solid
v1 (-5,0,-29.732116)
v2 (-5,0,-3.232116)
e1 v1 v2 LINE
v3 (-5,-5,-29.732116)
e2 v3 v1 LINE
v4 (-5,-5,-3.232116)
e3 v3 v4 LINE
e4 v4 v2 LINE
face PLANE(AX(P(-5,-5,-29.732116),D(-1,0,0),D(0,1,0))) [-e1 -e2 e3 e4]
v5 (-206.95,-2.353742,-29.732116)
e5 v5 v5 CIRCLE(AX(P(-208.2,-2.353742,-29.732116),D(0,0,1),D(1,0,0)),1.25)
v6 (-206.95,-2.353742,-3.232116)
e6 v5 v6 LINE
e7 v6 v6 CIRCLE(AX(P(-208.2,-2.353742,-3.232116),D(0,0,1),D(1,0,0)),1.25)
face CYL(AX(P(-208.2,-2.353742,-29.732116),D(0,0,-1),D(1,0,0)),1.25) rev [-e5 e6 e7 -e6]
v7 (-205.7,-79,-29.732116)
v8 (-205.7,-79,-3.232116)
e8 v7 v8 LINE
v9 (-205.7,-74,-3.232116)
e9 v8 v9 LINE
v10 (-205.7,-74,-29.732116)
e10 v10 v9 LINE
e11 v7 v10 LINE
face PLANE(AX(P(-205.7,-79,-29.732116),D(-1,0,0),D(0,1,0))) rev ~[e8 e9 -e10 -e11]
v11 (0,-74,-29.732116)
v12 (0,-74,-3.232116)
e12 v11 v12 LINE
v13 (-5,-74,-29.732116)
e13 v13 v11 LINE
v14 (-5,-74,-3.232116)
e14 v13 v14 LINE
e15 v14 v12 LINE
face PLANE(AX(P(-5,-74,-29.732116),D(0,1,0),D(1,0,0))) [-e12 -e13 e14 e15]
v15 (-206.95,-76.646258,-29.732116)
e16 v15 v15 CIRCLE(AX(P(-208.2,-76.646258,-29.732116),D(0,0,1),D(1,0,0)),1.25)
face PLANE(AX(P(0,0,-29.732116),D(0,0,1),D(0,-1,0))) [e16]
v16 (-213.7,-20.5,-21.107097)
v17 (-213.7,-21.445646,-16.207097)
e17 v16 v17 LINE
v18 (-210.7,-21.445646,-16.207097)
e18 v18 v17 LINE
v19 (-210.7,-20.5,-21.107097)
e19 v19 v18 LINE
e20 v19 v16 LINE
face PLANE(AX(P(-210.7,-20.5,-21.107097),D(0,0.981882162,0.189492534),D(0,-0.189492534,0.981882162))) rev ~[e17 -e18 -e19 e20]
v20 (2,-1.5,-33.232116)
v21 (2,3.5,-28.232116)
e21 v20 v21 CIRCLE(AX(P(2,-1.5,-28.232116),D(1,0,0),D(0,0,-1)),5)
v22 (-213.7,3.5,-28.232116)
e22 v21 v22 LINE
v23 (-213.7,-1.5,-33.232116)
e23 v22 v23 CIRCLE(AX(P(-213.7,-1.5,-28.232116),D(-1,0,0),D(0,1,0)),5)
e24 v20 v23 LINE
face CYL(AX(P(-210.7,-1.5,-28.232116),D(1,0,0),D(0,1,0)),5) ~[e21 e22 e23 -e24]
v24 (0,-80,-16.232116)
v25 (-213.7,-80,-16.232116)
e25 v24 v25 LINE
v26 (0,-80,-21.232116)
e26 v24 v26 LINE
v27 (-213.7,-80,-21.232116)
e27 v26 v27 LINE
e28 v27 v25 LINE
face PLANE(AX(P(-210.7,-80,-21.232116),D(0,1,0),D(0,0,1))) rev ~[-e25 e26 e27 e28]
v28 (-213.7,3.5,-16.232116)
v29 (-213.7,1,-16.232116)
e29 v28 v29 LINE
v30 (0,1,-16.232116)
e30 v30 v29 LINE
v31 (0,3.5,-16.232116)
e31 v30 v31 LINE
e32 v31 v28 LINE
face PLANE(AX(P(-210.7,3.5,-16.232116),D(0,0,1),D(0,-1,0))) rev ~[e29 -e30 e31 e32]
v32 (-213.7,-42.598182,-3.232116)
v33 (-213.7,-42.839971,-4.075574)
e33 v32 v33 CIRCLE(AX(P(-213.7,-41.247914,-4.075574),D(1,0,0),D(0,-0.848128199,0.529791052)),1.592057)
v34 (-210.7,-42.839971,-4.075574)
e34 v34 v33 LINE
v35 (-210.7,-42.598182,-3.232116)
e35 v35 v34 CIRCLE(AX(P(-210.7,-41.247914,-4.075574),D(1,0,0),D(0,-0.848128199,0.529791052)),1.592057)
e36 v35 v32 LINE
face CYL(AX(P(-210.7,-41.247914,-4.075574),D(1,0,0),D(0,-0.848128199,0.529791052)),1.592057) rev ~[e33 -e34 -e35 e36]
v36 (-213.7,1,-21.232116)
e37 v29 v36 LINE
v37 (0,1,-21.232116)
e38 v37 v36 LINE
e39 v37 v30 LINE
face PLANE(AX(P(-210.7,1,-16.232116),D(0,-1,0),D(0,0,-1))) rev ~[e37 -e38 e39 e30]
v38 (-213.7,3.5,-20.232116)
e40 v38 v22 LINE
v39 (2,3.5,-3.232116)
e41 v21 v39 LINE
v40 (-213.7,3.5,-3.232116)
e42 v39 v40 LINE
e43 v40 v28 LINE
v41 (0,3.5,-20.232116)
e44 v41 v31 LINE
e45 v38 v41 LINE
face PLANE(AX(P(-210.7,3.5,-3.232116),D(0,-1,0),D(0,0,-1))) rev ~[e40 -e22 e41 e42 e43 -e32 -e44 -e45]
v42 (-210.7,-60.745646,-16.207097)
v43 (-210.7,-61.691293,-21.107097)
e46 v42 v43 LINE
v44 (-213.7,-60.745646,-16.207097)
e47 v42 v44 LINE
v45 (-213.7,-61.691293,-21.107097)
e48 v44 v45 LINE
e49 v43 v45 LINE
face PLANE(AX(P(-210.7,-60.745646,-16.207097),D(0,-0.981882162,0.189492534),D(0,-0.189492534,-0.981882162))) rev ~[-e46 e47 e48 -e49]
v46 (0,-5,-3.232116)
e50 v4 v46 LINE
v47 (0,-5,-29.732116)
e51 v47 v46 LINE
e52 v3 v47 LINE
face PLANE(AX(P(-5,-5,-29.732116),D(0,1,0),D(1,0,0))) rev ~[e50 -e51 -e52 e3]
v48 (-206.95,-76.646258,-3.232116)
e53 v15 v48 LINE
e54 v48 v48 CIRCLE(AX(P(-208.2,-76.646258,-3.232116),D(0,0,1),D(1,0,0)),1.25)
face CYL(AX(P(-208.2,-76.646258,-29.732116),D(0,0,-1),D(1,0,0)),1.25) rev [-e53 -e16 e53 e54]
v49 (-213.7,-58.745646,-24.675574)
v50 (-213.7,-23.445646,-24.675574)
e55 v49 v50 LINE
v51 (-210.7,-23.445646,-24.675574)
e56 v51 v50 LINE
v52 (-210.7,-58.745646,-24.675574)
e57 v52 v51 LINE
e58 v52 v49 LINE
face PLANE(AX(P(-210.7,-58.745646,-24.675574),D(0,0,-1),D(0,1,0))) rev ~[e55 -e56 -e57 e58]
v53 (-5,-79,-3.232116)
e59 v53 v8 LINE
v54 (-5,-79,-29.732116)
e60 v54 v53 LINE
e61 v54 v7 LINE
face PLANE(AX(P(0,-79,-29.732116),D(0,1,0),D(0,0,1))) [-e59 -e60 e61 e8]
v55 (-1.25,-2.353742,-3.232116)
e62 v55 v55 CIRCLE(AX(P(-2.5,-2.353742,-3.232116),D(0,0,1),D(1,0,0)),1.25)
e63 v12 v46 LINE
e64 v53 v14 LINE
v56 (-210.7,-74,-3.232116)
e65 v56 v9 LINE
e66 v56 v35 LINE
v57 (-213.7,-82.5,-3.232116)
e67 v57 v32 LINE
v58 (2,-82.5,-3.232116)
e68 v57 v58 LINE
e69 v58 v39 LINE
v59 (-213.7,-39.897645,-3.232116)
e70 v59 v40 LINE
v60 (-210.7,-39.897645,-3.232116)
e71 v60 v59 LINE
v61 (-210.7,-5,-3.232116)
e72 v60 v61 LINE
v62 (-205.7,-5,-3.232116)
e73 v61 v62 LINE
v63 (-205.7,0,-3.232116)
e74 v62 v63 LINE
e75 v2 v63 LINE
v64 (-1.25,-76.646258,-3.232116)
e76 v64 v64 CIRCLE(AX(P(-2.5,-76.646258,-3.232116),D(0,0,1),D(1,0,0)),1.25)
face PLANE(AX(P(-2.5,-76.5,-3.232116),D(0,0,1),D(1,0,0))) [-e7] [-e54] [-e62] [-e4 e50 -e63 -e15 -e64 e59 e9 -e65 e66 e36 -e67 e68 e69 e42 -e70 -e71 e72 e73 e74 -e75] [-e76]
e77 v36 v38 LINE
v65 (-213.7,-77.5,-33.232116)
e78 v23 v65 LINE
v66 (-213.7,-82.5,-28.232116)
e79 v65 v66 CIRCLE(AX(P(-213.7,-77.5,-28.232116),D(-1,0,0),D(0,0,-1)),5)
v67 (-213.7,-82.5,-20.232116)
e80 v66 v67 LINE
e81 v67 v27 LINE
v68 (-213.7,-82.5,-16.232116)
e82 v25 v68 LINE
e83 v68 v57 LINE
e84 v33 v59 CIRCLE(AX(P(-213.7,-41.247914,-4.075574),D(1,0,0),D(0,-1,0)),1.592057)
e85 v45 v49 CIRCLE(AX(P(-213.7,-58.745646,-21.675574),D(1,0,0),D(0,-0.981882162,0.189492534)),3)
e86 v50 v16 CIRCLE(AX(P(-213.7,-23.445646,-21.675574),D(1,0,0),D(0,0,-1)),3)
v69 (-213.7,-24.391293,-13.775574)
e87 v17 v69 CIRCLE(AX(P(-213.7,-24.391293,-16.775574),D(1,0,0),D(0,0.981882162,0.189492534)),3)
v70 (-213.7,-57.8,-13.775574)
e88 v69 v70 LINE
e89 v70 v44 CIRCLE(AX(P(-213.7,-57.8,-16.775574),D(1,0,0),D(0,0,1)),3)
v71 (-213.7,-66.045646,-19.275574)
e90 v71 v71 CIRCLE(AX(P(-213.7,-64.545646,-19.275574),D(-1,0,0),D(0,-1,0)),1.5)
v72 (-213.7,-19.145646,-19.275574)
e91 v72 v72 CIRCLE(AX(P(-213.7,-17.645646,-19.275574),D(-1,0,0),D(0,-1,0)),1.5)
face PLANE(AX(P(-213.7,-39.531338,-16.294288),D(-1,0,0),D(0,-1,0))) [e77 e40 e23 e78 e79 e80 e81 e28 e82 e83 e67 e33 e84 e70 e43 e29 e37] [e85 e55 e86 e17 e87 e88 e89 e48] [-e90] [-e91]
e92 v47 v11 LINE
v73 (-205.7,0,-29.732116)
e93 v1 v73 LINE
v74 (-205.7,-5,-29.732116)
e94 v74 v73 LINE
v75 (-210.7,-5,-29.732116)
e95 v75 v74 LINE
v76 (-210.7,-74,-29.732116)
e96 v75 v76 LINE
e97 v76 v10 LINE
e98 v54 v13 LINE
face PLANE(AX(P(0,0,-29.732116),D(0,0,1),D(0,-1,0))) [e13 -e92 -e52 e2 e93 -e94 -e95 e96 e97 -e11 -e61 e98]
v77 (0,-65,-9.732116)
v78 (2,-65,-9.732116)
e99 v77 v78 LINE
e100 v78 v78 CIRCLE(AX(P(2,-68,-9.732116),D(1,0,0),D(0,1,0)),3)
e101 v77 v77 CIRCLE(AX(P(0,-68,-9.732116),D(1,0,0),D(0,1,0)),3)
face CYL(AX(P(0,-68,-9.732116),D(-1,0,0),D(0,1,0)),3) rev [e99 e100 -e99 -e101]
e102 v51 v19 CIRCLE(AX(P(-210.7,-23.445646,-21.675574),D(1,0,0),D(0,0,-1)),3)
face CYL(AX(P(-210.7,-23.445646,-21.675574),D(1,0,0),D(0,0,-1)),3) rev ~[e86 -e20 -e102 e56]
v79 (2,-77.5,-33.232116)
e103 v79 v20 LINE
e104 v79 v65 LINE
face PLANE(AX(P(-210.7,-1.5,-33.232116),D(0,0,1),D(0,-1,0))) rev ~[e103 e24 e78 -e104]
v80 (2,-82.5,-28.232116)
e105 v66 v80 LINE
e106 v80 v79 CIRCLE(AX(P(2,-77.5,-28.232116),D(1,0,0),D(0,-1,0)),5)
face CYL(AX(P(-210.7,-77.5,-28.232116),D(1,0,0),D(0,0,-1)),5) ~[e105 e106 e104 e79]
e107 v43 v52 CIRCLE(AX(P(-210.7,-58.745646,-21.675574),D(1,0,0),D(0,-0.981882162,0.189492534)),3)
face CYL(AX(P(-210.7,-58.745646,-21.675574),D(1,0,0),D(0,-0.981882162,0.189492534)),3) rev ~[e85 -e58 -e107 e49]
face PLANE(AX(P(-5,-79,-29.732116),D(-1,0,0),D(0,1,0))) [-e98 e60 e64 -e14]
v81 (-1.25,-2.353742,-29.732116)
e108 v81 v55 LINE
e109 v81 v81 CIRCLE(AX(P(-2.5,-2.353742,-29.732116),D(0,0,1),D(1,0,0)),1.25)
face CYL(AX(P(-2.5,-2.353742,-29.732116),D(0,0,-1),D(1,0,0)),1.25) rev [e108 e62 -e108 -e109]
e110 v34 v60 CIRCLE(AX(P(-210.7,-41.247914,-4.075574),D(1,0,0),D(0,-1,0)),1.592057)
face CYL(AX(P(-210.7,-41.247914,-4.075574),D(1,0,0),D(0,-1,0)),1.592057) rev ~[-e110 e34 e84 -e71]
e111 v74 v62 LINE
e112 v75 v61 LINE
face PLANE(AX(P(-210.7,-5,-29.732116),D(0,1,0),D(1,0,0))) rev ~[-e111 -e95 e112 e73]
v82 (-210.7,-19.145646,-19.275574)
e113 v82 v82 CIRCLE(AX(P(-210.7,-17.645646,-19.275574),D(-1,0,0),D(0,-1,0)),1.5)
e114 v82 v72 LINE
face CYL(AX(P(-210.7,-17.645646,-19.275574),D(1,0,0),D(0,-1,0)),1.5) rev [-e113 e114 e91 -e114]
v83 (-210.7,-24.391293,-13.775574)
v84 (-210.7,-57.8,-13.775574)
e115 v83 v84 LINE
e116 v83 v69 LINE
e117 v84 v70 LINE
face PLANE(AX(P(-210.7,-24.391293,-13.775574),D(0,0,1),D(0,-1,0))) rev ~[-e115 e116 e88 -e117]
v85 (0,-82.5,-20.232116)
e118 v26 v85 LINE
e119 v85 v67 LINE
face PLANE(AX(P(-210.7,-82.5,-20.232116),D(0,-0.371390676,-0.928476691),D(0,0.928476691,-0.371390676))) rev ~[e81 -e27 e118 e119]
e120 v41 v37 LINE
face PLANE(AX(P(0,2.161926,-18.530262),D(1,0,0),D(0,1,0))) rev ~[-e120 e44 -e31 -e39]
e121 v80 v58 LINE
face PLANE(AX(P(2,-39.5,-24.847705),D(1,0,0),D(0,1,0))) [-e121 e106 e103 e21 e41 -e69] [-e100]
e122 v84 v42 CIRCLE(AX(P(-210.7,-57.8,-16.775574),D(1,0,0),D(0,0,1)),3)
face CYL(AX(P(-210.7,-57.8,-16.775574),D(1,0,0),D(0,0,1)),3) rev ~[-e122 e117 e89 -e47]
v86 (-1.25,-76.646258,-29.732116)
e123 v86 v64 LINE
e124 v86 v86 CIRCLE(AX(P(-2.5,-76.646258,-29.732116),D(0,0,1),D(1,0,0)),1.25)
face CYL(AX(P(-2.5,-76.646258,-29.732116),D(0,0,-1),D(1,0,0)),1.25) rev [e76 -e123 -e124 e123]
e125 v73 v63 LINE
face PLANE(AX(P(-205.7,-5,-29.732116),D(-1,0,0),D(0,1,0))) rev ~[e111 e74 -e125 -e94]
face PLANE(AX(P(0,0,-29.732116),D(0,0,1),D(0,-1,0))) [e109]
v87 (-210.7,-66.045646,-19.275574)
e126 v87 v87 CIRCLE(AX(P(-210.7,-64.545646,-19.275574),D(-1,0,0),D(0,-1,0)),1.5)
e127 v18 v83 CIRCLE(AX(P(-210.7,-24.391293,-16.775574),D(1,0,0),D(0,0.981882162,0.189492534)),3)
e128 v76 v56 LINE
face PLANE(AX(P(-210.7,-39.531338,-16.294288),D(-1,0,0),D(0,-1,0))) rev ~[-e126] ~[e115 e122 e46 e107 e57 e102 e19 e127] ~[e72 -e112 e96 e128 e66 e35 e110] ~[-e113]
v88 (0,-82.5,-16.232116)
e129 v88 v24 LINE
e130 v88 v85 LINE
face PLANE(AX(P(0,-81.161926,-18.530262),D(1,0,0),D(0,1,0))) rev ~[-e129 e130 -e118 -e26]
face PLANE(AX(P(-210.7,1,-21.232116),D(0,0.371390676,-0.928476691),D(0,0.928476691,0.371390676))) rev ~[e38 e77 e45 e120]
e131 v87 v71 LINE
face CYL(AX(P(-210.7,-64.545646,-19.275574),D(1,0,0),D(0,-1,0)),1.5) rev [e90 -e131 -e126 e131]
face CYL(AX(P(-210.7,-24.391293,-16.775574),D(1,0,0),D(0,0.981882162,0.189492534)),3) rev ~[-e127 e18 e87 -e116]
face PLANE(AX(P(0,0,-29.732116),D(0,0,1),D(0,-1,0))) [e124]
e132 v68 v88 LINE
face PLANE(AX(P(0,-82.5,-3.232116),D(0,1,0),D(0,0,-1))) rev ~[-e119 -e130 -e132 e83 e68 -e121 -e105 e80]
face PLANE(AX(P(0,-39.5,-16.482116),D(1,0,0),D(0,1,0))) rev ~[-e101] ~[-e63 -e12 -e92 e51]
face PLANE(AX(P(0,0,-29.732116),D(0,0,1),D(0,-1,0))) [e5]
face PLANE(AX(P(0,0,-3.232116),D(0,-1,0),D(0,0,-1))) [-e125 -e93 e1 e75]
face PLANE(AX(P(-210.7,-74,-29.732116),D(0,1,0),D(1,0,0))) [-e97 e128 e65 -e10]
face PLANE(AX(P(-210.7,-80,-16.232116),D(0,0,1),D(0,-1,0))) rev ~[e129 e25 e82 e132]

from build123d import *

# Parameters (mm, degrees)
F1_DEPTH = 210.7
F0_W     = 79
F0_H     = 26.5
F0_R     = 3
F2_DEPTH = 2
F3_DEPTH = 2
F4_R     = 1.5
F5_DEPTH = 3
F6_W     = 5
F6_H     = 5
F6_R     = 1.25
F7_DEPTH = 26.5


with BuildPart() as f1:
    # F0 (on Right) → F1 (new body)
    with BuildSketch(Plane.YZ):
        with BuildLine():
            Line((-79, -29.7321164519), (-79, -3.2321164519))
            Line((-79, -3.2321164519), (-82.5, -3.2321164519))
            Line((-82.5, -3.2321164519), (-82.5, -16.2321164519))
            Line((-82.5, -16.2321164519), (-80, -16.2321164519))
            Line((-80, -16.2321164519), (-80, -21.2321164519))
            Line((-80, -21.2321164519), (-82.5, -20.2321164519))
            Line((-82.5, -20.2321164519), (-82.5, -28.2321164519))
            ThreePointArc((-82.5, -28.2321164519), (-81.0355339059, -31.7676503579), (-77.5, -33.2321164519))
            Line((-77.5, -33.2321164519), (-1.5, -33.2321164519))
            ThreePointArc((-1.5, -33.2321164519), (2.0355339059, -31.7676503579), (3.5, -28.2321164519))
            Line((3.5, -28.2321164519), (3.5, -20.2321164519))
            Line((3.5, -20.2321164519), (1, -21.2321164519))
            Line((1, -21.2321164519), (1, -16.2321164519))
            Line((1, -16.2321164519), (3.5, -16.2321164519))
            Line((3.5, -16.2321164519), (3.5, -3.2321164519))
            Line((3.5, -3.2321164519), (0, -3.2321164519))
            Line((0, -3.2321164519), (0, -29.7321164519))
            Line((0, -29.7321164519), (-79, -29.7321164519))
        make_face()
    extrude(amount=-F1_DEPTH)

    # F0 (on Right) → F2 (join)
    with BuildSketch(Plane.YZ):
        with Locations((-39.5, -16.4821164519)):
            Rectangle(F0_W, F0_H)
        with Locations((-68, -9.7321164519)):
            Circle(F0_R, mode=Mode.SUBTRACT)
        Polygon((-80, -16.2321164519), (-82.5, -16.2321164519), (-82.5, -20.2321164519), (-80, -21.2321164519), align=None)
        Polygon((3.5, -20.2321164519), (3.5, -16.2321164519), (1, -16.2321164519), (1, -21.2321164519), align=None)
    extrude(amount=F2_DEPTH)

    # F0 (on Right) → F3 (join, through all)
    with BuildSketch(Plane.YZ):
        with BuildLine():
            Line((-79, -29.7321164519), (-79, -3.2321164519))
            Line((-79, -3.2321164519), (-82.5, -3.2321164519))
            Line((-82.5, -3.2321164519), (-82.5, -16.2321164519))
            Line((-82.5, -16.2321164519), (-80, -16.2321164519))
            Line((-80, -16.2321164519), (-80, -21.2321164519))
            Line((-80, -21.2321164519), (-82.5, -20.2321164519))
            Line((-82.5, -20.2321164519), (-82.5, -28.2321164519))
            ThreePointArc((-82.5, -28.2321164519), (-81.0355339059, -31.7676503579), (-77.5, -33.2321164519))
            Line((-77.5, -33.2321164519), (-1.5, -33.2321164519))
            ThreePointArc((-1.5, -33.2321164519), (2.0355339059, -31.7676503579), (3.5, -28.2321164519))
            Line((3.5, -28.2321164519), (3.5, -20.2321164519))
            Line((3.5, -20.2321164519), (1, -21.2321164519))
            Line((1, -21.2321164519), (1, -16.2321164519))
            Line((1, -16.2321164519), (3.5, -16.2321164519))
            Line((3.5, -16.2321164519), (3.5, -3.2321164519))
            Line((3.5, -3.2321164519), (0, -3.2321164519))
            Line((0, -3.2321164519), (0, -29.7321164519))
            Line((0, -29.7321164519), (-79, -29.7321164519))
        make_face()
    extrude(amount=F3_DEPTH)

    # F4 (on face) → F5 (join)
    with BuildSketch(Plane(origin=(-210.7, 0, 0), x_dir=(0, -1, 0), z_dir=(-1, 0, 0))):
        with BuildLine():
            Line((39.8976451881, -3.2321164519), (0, -3.2321164519))
            Line((0, -3.2321164519), (0, -29.7321164519))
            Line((0, -29.7321164519), (79, -29.7321164519))
            Line((79, -29.7321164519), (79, -3.2321164519))
            Line((79, -3.2321164519), (42.5981824726, -3.2321164519))
            ThreePointArc((42.5981824726, -3.2321164519), (42.7783306428, -3.6368593662), (42.839971074, -4.0755741336))
            ThreePointArc((42.839971074, -4.0755741336), (40.809199063, -5.605990946), (39.8976451881, -3.2321164519))
        make_face()
        with Locations((17.6456464854, -19.2755741336)):
            Circle(F4_R, mode=Mode.SUBTRACT)
        with BuildLine():
            Line((20.5, -21.1070965323), (21.4456464854, -16.2070965323))
            ThreePointArc((21.4456464854, -16.2070965323), (22.4815067005, -14.4619803054), (24.3912929708, -13.7755741336))
            Line((24.3912929708, -13.7755741336), (57.8, -13.7755741336))
            ThreePointArc((57.8, -13.7755741336), (59.7097862703, -14.4619803054), (60.7456464854, -16.2070965323))
            Line((60.7456464854, -16.2070965323), (61.6912929708, -21.1070965323))
            ThreePointArc((61.6912929708, -21.1070965323), (61.0592403136, -23.5853604038), (58.7456464854, -24.6755741336))
            Line((58.7456464854, -24.6755741336), (23.4456464854, -24.6755741336))
            ThreePointArc((23.4456464854, -24.6755741336), (21.1320526572, -23.5853604038), (20.5, -21.1070965323))
        make_face(mode=Mode.SUBTRACT)
        with Locations((64.5456464854, -19.2755741336)):
            Circle(F4_R, mode=Mode.SUBTRACT)
        with BuildLine():
            Line((0, -3.2321164519), (-3.5, -3.2321164519))
            Line((-3.5, -3.2321164519), (-3.5, -16.2321164519))
            Line((-3.5, -16.2321164519), (-1, -16.2321164519))
            Line((-1, -16.2321164519), (-1, -21.2321164519))
            Line((-1, -21.2321164519), (-3.5, -20.2321164519))
            Line((-3.5, -20.2321164519), (-3.5, -28.2321164519))
            ThreePointArc((-3.5, -28.2321164519), (-2.0355339059, -31.7676503579), (1.5, -33.2321164519))
            Line((1.5, -33.2321164519), (77.5, -33.2321164519))
            ThreePointArc((77.5, -33.2321164519), (81.0355339059, -31.7676503579), (82.5, -28.2321164519))
            Line((82.5, -28.2321164519), (82.5, -20.2321164519))
            Line((82.5, -20.2321164519), (80, -21.2321164519))
            Line((80, -21.2321164519), (80, -16.2321164519))
            Line((80, -16.2321164519), (82.5, -16.2321164519))
            Line((82.5, -16.2321164519), (82.5, -3.2321164519))
            Line((82.5, -3.2321164519), (79, -3.2321164519))
            Line((79, -3.2321164519), (79, -29.7321164519))
            Line((79, -29.7321164519), (0, -29.7321164519))
            Line((0, -29.7321164519), (0, -3.2321164519))
        make_face()
    extrude(amount=F5_DEPTH)

    # F6 (on face) → F7 (join, through all)
    with BuildSketch(Plane.XY.offset(-29.7321164519)):
        with Locations((-2.5, -76.5)):
            Rectangle(F6_W, F6_H)
        with Locations((-2.5, -76.6462582126)):
            Circle(F6_R, mode=Mode.SUBTRACT)
        with Locations((-2.5, -2.5)):
            Rectangle(F6_W, F6_H)
        with Locations((-2.5, -2.3537417874)):
            Circle(F6_R, mode=Mode.SUBTRACT)
        with Locations((-208.2, -2.5)):
            Rectangle(F6_W, F6_H)
        with Locations((-208.2, -2.3537417874)):
            Circle(F6_R, mode=Mode.SUBTRACT)
        with Locations((-208.2, -76.5)):
            Rectangle(F6_W, F6_H)
        with Locations((-208.2, -76.6462582126)):
            Circle(F6_R, mode=Mode.SUBTRACT)
    extrude(amount=F7_DEPTH)


solid = f1.part
